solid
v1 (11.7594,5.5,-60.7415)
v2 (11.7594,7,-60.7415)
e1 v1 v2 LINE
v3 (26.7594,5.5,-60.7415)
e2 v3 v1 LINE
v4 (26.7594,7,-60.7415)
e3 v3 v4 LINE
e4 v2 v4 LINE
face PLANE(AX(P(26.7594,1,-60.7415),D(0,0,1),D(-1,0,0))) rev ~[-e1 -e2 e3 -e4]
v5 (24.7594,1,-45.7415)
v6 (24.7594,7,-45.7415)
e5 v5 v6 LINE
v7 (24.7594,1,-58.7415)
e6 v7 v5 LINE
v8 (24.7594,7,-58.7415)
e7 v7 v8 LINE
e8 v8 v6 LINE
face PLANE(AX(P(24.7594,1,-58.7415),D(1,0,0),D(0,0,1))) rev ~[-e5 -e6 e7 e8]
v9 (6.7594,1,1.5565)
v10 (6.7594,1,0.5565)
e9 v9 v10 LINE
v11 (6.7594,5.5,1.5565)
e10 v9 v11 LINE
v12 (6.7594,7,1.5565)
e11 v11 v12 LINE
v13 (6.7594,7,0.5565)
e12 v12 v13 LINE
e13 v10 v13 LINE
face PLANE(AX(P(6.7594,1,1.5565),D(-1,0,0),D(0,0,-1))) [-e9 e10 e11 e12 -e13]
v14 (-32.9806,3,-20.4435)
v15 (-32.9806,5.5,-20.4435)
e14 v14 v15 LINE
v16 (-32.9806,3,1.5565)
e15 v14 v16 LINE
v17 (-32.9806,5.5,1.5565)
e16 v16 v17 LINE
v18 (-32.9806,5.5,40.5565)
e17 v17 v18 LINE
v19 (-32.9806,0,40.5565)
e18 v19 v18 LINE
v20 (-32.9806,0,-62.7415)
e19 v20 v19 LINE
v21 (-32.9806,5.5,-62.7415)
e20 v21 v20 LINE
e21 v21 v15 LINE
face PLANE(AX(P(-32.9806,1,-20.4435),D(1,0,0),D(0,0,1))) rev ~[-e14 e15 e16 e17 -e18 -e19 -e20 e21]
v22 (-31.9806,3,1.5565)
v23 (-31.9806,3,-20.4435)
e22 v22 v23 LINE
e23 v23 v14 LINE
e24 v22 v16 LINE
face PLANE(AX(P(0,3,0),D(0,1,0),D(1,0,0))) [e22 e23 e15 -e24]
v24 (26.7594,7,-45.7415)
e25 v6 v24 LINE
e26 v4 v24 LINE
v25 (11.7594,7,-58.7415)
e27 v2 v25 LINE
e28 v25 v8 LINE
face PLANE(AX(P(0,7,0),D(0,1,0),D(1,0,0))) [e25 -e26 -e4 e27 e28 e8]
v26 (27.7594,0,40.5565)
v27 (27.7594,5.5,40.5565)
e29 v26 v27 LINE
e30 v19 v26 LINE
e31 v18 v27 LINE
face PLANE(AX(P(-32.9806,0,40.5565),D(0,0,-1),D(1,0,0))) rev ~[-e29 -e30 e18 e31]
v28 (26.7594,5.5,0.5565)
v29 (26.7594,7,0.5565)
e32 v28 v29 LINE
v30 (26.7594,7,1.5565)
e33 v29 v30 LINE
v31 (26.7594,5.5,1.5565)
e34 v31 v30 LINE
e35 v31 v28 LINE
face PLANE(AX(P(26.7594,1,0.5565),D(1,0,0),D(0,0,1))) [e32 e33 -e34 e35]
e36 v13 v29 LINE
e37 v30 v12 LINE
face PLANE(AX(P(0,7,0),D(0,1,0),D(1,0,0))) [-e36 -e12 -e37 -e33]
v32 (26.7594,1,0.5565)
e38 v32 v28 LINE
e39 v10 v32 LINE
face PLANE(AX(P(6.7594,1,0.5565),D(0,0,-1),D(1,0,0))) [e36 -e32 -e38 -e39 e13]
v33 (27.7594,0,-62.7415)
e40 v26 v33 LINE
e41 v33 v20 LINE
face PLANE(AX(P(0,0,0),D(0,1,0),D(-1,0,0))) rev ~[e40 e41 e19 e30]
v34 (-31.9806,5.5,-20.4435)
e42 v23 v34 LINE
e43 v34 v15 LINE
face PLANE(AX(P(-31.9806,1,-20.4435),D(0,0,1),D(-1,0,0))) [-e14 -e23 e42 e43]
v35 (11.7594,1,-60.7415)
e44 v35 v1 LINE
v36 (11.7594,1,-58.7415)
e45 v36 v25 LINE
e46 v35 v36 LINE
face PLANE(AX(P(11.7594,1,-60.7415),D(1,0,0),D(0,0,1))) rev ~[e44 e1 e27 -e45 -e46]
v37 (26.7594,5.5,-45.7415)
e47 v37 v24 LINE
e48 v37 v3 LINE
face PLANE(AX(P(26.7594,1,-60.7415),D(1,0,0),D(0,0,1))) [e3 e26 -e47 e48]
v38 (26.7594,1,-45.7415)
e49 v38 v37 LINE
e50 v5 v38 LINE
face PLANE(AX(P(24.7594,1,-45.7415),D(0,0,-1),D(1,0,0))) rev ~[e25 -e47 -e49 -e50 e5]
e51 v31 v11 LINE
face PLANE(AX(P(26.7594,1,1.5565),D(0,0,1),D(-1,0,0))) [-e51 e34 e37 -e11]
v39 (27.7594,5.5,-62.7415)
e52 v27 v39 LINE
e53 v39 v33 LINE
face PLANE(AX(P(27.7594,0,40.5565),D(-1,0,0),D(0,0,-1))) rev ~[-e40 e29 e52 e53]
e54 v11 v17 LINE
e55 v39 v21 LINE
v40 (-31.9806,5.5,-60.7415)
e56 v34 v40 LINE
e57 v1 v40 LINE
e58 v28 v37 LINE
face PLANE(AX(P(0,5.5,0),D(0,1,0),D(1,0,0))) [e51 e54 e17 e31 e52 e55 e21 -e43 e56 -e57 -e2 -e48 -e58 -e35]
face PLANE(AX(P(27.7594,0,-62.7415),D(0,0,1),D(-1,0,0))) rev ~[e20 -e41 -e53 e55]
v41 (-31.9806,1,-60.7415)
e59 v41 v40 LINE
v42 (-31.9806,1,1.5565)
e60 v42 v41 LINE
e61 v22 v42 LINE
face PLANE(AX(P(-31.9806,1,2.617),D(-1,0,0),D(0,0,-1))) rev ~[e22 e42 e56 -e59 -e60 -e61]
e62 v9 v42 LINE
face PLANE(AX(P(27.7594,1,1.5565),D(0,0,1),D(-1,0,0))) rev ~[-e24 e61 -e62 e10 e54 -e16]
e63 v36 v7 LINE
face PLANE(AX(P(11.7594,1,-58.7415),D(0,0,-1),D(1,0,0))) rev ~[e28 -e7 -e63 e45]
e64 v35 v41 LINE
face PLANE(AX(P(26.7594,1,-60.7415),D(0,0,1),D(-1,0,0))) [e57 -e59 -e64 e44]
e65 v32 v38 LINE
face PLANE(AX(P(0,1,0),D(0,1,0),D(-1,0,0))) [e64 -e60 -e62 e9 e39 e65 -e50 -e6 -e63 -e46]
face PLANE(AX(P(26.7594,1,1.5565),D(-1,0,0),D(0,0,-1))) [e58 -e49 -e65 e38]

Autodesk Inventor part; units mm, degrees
ref_plane "YZ Plane" through (0, 0, 0) normal (1, 0, 0) x (0, 1, 0)
ref_plane "XZ Plane" through (0, 0, 0) normal (0, 1, 0) x (-1, 0, 0)
ref_plane "XY Plane" through (0, 0, 0) normal (0, 0, 1) x (1, 0, 0)
sketch "Sketch1" plane through (0, 0, 0) normal (0, 1, 0) x (-1, 0, 0)
  line L0 (32.9806, 40.5565) -> (-27.7594, 40.5565)
  line L1 (-27.7594, 40.5565) -> (-27.7594, -62.7415)
  line L2 (-27.7594, -62.7415) -> (32.9806, -62.7415)
  line L3 (32.9806, -62.7415) -> (32.9806, 40.5565)
  point P0 (0, 0)
  dimension "d0" = 60.74
  dimension "d1" = 103.298
extrude "Extrusion1" add sketch "Sketch1" along normal blind 1
sketch "Sketch2" plane through (0, 1, 0) normal (0, 1, 0) x (1, 0, 0)
  line L0 (-32.9806, 62.7415) -> (-32.9806, -40.5565) projected
  line L1 (27.7594, -40.5565) -> (27.7594, 62.7415) projected
  line L2 (-32.9806, -40.5565) -> (27.7594, -40.5565)
  line L3 (27.7594, -40.5565) -> (27.7594, -1.5565)
  line L4 (27.7594, -1.5565) -> (-32.9806, -1.5565)
  line L5 (-32.9806, -1.5565) -> (-32.9806, -40.5565)
  point P0 (0, 0)
  point P1 (-32.9806, -1.5565)
  dimension "d4" = 39
extrude "Extrusion2" add sketch "Sketch2" along normal blind 4.5
sketch "Sketch3" plane through (0, 1, 0) normal (0, 1, 0) x (1, 0, 0)
  line L0 (27.7594, -1.5565) -> (-32.9806, -1.5565) projected
  line L1 (27.7594, 62.7415) -> (-32.9806, 62.7415) projected
  line L2 (-32.9806, -1.5565) -> (-31.9806, -1.5565)
  line L3 (-31.9806, -1.5565) -> (-31.9806, 62.7415)
  line L4 (-31.9806, 62.7415) -> (-32.9806, 62.7415)
  line L5 (-32.9806, 62.7415) -> (-32.9806, -1.5565)
  line L6 (-31.9806, 62.7415) -> (27.7594, 62.7415)
  line L7 (27.7594, 62.7415) -> (27.7594, 60.7415)
  line L8 (27.7594, 60.7415) -> (-31.9806, 60.7415)
  line L9 (-31.9806, 60.7415) -> (-31.9806, 62.7415)
  line L10 (27.7594, -40.5565) -> (27.7594, 62.7415) projected
  line L11 (27.7594, -1.5565) -> (26.7594, -1.5565)
  line L12 (26.7594, -1.5565) -> (26.7594, 60.7415)
  line L13 (26.7594, 60.7415) -> (27.7594, 60.7415)
  line L14 (27.7594, 60.7415) -> (27.7594, -1.5565)
  line L15 (-32.9806, -1.5565) -> (-31.9806, -1.5565)
  line L16 (-31.9806, -1.5565) -> (-31.9806, 20.4435)
  line L17 (-31.9806, 20.4435) -> (-32.9806, 20.4435)
  line L18 (-32.9806, 20.4435) -> (-32.9806, -1.5565)
  point P0 (0, 0)
  point P1 (27.2594, -1.5565)
  point P2 (-31.9806, 60.7415)
  point P3 (-32.4806, -1.5565)
  point P4 (-32.4806, 20.4435)
  dimension "d7" = 1
  dimension "d8" = 2
  dimension "d9" = 1
  dimension "d10" = 0
  dimension "d13" = 22
extrude "Extrusion3" add sketch "Sketch3" along normal blind 4.5 contours L0 L12 L8 L10 | L8 L3 L1 L7 | L17 L5 L1 L3
sketch "Sketch4" plane through (0, 1, 0) normal (0, 1, 0) x (1, 0, 0)
  line L0 (-32.9806, 62.7415) -> (-32.9806, -40.5565) projected
  line L1 (-31.9806, 20.4435) -> (-32.9806, 20.4435)
  line L2 (-32.9806, 20.4435) -> (-32.9806, -2.617)
  line L3 (-32.9806, -2.617) -> (-31.9806, -2.617)
  line L4 (-31.9806, -2.617) -> (-31.9806, 20.4435)
  point P0 (0, 0)
extrude "Extrusion4" add sketch "Sketch4" along normal blind 2
sketch "Sketch5" plane through (0, 1, 0) normal (0, 1, 0) x (1, 0, 0)
  line L0 (26.7594, 60.7415) -> (26.7594, -1.5565) projected
  line L1 (26.7594, 60.7415) -> (11.7594, 60.7415)
  line L2 (11.7594, 60.7415) -> (11.7594, 58.7415)
  line L3 (11.7594, 58.7415) -> (26.7594, 58.7415)
  line L4 (26.7594, 58.7415) -> (26.7594, 60.7415)
  line L5 (26.7594, 60.7415) -> (24.7594, 60.7415)
  line L6 (24.7594, 60.7415) -> (24.7594, 45.7415)
  line L7 (24.7594, 45.7415) -> (26.7594, 45.7415)
  line L8 (26.7594, 45.7415) -> (26.7594, 60.7415)
  line L9 (26.7594, -1.5565) -> (6.7594, -1.5565)
  line L10 (6.7594, -1.5565) -> (6.7594, -0.5565)
  line L11 (6.7594, -0.5565) -> (26.7594, -0.5565)
  line L12 (26.7594, -0.5565) -> (26.7594, -1.5565)
  point P0 (0, 0)
  point P1 (26.7594, 59.7415)
  point P2 (11.7594, 59.7415)
  point P3 (25.7594, 45.7415)
  point P4 (25.7594, 60.7415)
  point P5 (26.7594, -1.0565)
  point P6 (6.7594, -1.0565)
  point P7 (24.7594, 58.7415)
  dimension "d16" = 2
  dimension "d17" = 15
  dimension "d18" = 2
  dimension "d19" = 15
  dimension "d20" = 1
  dimension "d21" = 20
extrude "Extrusion5" add sketch "Sketch5" along normal blind 6
properties part number "Lid bottom"
